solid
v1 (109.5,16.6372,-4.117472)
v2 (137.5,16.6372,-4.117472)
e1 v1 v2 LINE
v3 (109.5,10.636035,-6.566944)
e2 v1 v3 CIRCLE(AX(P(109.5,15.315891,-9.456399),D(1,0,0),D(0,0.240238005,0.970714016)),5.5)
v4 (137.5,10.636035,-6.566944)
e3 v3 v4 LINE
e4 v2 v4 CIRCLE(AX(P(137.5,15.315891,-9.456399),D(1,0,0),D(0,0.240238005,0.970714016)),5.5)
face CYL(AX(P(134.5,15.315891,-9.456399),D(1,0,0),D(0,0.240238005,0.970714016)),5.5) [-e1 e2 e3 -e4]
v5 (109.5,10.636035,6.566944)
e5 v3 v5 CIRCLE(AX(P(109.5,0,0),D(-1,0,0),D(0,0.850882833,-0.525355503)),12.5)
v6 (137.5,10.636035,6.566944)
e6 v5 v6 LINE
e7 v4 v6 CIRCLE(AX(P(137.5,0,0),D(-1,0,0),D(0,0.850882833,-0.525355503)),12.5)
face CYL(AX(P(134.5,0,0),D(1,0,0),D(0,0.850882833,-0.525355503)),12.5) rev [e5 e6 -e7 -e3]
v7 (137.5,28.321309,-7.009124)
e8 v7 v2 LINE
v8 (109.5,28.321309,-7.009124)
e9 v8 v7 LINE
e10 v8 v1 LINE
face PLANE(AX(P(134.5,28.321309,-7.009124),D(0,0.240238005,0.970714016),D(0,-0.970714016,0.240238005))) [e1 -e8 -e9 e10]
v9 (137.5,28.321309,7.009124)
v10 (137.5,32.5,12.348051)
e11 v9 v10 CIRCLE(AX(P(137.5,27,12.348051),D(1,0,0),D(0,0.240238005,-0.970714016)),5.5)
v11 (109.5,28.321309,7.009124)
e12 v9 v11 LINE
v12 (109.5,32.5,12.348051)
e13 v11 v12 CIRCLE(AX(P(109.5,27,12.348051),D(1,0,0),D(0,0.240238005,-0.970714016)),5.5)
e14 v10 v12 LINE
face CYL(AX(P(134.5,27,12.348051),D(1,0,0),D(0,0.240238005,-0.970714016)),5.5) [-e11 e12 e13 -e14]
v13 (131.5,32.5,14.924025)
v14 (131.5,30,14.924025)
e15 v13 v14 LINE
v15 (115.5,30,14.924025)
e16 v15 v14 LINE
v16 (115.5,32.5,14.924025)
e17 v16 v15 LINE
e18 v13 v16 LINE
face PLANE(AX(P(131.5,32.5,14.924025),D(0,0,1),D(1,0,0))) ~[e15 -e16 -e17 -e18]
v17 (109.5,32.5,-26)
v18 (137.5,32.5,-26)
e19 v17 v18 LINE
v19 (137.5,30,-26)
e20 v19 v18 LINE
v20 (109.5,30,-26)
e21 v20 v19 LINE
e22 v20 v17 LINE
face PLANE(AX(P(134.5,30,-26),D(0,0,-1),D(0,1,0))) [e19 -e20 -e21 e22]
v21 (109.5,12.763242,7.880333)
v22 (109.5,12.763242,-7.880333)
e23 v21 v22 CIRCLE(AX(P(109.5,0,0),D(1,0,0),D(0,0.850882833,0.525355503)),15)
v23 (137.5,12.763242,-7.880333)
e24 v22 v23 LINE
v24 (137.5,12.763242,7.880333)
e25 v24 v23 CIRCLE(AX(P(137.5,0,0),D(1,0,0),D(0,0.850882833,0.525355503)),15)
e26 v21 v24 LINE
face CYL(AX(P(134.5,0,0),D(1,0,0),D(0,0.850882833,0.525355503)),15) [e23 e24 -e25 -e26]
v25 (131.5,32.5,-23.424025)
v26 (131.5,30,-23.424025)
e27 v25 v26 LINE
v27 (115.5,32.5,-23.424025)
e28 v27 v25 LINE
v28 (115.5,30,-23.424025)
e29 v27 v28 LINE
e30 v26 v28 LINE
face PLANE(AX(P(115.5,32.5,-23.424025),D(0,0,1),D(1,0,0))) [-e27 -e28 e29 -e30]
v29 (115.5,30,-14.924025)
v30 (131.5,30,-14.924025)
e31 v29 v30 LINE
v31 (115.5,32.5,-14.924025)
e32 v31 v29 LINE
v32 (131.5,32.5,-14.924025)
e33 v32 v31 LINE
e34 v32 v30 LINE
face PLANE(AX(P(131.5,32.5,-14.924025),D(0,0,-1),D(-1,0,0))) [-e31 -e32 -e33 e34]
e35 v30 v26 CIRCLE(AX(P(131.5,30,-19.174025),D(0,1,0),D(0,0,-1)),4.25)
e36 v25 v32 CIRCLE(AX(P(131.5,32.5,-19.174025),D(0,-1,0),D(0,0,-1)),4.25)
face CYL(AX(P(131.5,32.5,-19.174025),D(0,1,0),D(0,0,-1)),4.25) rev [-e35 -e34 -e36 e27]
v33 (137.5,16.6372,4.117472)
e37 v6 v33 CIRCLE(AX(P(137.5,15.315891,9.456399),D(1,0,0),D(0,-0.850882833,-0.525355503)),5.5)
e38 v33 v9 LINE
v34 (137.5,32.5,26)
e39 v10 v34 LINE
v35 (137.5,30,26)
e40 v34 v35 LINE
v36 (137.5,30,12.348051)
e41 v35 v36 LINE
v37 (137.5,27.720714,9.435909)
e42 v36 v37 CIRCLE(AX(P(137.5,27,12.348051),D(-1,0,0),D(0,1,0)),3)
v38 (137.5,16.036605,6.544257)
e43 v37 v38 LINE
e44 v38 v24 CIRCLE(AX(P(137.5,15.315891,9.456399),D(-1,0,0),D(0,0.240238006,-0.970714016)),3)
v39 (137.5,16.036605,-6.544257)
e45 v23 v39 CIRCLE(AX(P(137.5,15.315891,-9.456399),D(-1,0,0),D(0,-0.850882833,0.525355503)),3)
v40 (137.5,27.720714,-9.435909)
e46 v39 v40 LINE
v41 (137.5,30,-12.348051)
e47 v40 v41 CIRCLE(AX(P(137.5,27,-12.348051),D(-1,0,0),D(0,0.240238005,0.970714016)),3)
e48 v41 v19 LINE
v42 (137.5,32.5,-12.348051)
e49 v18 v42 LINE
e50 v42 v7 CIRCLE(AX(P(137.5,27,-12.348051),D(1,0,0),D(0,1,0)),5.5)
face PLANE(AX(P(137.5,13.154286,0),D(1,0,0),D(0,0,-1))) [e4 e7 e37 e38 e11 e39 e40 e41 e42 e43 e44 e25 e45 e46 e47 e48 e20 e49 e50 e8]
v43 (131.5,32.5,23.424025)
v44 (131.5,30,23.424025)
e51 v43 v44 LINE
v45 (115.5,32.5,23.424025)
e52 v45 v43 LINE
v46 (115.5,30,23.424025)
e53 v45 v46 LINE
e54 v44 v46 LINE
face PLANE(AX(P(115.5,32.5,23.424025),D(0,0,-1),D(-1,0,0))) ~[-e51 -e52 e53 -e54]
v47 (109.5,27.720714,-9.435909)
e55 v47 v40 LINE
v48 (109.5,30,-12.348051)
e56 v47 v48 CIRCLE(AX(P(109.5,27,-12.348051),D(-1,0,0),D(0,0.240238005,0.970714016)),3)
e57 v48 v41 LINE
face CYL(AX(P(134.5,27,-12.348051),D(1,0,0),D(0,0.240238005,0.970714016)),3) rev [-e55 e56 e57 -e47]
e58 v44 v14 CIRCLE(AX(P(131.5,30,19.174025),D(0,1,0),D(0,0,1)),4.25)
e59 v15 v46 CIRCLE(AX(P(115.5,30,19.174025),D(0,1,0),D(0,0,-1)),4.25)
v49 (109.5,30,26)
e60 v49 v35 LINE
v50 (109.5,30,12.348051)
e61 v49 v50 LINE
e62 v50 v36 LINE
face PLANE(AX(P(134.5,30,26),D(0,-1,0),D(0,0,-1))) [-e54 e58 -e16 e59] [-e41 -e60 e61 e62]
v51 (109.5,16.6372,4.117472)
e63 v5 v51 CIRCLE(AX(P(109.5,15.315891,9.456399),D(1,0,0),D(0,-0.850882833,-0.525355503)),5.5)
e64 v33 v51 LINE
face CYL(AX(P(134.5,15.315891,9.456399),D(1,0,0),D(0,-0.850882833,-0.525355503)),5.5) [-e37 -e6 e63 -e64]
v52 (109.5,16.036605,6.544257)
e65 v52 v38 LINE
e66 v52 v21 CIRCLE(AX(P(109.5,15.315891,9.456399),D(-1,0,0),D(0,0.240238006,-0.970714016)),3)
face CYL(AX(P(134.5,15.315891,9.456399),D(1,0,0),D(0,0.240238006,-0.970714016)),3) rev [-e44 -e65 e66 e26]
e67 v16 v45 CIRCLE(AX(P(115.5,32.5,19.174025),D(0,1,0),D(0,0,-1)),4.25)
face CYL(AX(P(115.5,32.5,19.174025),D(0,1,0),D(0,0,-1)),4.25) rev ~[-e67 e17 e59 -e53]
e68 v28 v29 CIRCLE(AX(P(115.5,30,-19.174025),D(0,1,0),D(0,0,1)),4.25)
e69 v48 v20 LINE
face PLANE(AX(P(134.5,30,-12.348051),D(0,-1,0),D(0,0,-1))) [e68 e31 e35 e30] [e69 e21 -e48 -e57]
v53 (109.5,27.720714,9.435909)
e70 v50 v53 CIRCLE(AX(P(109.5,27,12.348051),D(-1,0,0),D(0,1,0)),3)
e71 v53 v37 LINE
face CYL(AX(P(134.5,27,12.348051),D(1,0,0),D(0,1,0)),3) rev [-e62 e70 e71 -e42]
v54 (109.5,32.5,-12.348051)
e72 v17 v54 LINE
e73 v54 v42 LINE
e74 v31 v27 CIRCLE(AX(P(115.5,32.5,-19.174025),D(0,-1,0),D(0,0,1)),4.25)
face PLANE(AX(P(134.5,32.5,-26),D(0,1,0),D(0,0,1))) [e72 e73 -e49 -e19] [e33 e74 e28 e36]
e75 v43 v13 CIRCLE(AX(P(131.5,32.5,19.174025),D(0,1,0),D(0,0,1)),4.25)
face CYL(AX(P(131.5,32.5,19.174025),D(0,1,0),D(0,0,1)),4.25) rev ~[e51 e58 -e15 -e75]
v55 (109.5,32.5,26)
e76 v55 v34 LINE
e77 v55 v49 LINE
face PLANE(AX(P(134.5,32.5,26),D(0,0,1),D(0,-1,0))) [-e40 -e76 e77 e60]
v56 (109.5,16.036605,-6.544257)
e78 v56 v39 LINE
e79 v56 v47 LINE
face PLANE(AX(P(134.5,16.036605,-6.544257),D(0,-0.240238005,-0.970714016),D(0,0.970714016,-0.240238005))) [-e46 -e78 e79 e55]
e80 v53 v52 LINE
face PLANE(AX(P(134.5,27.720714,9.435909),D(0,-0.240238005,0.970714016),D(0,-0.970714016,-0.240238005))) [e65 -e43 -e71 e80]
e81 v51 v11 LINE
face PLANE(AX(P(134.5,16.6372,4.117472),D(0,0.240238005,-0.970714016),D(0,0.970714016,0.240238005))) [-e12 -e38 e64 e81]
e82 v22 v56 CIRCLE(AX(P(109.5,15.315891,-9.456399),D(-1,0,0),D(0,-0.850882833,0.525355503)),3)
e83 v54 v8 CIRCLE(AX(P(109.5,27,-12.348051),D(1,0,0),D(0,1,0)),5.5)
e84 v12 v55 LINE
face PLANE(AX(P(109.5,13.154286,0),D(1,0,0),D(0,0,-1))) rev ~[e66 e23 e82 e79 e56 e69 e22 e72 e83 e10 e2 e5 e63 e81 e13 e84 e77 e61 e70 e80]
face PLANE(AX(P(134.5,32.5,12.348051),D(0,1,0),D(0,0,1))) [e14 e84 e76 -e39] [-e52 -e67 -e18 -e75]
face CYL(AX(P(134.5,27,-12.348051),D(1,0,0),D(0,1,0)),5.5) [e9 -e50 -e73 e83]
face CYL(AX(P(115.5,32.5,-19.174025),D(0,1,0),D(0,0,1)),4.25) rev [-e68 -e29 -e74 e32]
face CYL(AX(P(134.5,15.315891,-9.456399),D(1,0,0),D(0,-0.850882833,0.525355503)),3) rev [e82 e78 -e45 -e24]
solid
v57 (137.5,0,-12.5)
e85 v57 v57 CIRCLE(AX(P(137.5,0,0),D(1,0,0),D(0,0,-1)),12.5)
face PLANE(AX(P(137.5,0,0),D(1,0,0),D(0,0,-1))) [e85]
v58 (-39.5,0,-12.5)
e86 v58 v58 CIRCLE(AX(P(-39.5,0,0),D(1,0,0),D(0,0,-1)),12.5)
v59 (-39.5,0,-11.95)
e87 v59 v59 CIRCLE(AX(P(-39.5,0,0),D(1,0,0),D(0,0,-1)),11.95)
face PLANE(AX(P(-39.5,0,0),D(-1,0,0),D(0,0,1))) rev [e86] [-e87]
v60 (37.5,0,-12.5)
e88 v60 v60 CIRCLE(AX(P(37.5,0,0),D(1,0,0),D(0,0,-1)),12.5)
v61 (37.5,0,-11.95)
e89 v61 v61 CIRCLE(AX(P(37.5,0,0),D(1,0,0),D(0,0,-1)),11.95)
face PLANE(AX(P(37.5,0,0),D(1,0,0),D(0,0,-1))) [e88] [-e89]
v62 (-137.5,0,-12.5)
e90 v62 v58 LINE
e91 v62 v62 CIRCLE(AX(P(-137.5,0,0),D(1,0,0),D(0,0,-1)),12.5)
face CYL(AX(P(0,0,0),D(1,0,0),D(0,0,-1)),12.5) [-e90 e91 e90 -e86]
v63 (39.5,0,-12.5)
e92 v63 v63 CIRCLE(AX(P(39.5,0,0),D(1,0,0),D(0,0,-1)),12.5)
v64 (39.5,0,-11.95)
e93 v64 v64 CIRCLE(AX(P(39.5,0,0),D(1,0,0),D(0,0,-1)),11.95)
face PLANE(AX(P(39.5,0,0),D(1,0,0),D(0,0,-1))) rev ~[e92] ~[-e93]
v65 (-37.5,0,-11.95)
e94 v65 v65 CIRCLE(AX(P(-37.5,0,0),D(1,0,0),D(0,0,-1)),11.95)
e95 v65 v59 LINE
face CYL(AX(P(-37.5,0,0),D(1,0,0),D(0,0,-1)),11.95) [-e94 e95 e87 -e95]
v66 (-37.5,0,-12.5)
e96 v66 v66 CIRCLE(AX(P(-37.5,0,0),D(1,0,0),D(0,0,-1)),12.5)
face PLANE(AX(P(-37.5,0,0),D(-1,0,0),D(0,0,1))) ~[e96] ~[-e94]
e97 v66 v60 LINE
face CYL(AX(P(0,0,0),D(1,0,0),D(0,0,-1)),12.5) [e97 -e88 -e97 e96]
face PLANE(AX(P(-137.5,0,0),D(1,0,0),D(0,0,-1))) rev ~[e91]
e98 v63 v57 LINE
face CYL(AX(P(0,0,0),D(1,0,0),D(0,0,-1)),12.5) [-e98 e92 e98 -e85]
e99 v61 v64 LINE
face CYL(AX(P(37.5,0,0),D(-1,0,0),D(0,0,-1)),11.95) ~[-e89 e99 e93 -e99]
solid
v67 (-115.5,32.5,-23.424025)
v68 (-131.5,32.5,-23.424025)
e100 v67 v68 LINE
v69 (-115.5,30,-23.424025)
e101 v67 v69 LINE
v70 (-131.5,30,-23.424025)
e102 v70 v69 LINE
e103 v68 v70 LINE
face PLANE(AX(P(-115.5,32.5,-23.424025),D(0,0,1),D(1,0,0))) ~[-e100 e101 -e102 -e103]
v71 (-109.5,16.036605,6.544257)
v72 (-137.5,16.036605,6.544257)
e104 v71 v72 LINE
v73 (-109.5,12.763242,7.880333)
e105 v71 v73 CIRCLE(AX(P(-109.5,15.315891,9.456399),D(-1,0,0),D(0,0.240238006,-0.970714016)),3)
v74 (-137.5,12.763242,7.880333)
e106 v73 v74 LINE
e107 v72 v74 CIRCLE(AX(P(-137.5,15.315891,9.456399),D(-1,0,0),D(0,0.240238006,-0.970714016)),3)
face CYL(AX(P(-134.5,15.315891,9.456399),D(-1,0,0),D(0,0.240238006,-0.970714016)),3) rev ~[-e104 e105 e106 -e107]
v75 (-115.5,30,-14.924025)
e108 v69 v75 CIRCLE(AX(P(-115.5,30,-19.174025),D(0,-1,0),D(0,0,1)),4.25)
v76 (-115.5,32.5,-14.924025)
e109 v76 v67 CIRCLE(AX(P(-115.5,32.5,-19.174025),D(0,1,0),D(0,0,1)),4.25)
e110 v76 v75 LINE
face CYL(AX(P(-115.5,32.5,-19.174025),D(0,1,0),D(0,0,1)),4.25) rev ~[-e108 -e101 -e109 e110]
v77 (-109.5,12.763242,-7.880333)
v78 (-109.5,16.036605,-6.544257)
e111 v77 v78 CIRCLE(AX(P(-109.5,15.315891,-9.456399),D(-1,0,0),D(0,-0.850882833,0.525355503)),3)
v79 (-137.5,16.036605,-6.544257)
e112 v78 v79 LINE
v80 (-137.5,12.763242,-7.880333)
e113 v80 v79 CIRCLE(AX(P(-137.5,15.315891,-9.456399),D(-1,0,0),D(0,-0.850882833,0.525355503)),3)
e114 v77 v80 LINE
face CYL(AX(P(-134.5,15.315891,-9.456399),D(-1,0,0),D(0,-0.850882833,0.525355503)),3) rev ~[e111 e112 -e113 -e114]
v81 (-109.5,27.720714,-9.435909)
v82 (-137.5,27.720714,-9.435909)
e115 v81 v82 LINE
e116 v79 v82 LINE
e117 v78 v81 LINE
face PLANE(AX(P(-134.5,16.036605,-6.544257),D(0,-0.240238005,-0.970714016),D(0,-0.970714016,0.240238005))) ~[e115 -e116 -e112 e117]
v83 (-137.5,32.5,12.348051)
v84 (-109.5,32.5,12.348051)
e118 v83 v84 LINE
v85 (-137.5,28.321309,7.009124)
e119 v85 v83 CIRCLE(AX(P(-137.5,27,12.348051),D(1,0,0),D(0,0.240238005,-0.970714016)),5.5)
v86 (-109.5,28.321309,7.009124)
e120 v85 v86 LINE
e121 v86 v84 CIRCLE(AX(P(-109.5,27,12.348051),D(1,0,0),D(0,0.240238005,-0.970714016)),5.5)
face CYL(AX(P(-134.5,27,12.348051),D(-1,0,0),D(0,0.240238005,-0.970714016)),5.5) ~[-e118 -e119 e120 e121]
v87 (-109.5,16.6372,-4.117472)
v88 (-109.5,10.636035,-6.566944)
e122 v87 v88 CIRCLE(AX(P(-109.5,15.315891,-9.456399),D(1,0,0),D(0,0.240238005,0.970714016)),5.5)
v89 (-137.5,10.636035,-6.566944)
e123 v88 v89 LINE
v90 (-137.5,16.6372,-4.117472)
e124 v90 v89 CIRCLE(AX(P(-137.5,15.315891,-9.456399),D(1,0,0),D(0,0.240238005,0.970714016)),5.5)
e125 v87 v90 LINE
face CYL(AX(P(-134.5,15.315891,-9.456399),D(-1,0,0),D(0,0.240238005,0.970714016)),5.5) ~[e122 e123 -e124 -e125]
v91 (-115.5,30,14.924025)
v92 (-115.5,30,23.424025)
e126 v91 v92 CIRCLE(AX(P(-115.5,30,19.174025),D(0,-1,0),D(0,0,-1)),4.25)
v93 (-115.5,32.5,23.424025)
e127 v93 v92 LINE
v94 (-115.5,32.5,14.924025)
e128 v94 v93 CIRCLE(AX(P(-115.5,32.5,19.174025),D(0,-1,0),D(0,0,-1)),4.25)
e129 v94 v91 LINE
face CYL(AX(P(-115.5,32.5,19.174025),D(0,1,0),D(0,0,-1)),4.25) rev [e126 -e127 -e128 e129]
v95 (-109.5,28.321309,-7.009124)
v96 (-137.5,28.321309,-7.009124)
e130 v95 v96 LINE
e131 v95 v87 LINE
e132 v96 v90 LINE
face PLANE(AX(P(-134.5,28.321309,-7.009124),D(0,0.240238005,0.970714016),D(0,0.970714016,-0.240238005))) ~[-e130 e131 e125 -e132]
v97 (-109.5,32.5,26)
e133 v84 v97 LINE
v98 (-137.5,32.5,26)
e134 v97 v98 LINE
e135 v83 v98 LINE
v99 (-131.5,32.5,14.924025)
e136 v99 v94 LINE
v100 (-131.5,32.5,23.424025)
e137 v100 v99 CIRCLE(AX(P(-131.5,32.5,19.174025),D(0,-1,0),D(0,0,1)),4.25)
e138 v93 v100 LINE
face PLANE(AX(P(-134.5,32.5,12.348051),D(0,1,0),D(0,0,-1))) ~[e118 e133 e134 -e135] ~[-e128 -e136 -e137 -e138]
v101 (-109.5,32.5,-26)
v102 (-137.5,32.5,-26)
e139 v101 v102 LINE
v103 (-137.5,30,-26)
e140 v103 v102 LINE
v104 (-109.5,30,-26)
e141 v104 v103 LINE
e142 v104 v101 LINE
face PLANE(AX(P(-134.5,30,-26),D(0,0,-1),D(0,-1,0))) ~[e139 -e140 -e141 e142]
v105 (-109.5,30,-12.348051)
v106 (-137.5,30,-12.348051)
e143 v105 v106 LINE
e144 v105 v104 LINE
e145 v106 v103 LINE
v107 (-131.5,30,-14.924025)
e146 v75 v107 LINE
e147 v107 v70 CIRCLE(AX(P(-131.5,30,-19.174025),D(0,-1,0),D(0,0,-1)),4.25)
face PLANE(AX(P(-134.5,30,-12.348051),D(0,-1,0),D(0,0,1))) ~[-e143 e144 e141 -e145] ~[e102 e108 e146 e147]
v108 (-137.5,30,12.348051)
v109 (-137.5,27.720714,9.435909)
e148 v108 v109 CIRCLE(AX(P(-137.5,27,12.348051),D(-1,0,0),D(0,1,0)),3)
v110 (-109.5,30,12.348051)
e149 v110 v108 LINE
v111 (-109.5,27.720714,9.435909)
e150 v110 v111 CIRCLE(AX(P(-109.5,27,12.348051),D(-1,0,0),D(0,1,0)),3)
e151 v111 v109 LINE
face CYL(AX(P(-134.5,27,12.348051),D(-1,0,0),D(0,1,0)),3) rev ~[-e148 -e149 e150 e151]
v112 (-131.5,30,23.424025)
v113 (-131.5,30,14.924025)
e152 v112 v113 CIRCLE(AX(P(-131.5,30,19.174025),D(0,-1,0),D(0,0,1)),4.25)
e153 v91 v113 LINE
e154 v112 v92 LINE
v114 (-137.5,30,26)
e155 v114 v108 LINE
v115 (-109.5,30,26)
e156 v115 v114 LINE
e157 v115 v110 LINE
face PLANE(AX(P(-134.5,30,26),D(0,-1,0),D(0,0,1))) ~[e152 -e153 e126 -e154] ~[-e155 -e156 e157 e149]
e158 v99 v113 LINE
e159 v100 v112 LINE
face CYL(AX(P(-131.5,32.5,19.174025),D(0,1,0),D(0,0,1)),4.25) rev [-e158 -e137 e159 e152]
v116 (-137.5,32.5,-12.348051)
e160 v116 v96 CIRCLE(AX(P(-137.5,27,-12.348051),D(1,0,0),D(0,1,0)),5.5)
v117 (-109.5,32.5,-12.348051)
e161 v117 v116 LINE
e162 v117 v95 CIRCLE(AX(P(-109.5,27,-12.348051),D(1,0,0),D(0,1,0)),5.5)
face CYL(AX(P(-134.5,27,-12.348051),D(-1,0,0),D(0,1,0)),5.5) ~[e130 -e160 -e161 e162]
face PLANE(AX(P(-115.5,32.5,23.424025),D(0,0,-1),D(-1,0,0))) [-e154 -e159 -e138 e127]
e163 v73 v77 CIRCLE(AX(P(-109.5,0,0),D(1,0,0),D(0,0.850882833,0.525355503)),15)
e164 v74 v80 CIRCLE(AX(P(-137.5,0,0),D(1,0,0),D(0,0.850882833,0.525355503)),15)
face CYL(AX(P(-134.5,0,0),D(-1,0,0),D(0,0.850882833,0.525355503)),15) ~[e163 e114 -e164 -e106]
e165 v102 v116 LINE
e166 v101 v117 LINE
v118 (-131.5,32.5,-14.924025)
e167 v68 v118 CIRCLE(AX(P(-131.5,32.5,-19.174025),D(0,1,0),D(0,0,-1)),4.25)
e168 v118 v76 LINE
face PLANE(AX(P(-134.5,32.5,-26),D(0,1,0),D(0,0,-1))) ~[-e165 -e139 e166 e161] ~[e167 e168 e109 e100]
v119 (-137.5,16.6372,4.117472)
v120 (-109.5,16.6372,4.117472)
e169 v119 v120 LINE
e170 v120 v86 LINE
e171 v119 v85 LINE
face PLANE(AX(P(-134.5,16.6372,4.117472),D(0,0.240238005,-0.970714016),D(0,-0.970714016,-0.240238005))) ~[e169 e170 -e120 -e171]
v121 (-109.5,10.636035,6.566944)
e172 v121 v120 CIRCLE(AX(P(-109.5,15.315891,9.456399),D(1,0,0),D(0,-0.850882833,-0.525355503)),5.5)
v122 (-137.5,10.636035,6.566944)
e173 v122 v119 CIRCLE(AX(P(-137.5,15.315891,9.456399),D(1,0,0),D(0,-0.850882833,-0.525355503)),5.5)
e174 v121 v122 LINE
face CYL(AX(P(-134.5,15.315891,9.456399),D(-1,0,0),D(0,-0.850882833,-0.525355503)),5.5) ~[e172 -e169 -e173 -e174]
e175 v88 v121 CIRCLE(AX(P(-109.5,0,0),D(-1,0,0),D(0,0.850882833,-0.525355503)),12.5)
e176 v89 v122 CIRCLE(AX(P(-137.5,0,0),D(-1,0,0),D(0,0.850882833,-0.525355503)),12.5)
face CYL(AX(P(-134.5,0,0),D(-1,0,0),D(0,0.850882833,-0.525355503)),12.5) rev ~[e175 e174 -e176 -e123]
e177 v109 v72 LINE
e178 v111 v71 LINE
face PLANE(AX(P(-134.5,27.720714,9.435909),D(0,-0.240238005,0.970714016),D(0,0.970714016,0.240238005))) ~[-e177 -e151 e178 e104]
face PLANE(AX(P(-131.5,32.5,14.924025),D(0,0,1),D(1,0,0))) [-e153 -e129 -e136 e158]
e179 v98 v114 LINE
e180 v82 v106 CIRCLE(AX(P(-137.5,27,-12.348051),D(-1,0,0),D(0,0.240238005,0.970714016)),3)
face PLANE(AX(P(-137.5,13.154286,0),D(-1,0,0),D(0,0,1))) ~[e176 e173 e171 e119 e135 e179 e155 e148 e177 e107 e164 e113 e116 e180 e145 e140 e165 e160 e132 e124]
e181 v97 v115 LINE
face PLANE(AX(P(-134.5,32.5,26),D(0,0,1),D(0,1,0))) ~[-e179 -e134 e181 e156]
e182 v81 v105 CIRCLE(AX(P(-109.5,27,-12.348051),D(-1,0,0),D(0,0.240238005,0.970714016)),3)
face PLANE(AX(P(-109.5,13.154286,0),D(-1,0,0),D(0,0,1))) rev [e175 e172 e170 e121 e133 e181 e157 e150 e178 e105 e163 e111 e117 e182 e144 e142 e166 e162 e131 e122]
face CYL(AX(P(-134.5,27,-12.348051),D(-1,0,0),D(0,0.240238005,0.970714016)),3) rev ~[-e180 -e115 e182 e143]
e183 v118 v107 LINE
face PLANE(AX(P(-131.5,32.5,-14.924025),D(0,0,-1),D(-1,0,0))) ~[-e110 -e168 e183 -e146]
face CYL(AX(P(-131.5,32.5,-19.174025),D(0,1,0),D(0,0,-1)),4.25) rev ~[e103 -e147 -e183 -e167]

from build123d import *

# Parameters (mm, degrees)
SKETCH1_R                = 12.5
BOSS_EXTRUDE1_DEPTH      = 137.5
BOSS_EXTRUDE2_START      = -3
BOSS_EXTRUDE2_DEPTH      = 3
BOSS_EXTRUDE2_DEPTH_BACK = 25
CUT_EXTRUDE3_DEPTH       = 9
SKETCH6_R                = 13
SKETCH6_R_2              = 11.95
CUT_EXTRUDE2_DEPTH       = 2


with BuildPart() as part:
    # Sketch1 → Boss-Extrude1 (new body, symmetric)
    with BuildSketch(Plane(origin=(0, 0, 0), x_dir=(0, 0, -1), z_dir=(1, 0, 0))):
        Circle(SKETCH1_R)
    extrude(amount=BOSS_EXTRUDE1_DEPTH, both=True)

    # Sketch6 → Cut-Extrude2 (cut)
    with BuildSketch(Plane(origin=(37.5, 0, 0), x_dir=(0, 0, -1), z_dir=(1, 0, 0))):
        Circle(SKETCH6_R)
        Circle(SKETCH6_R_2, mode=Mode.SUBTRACT)
    cut_extrude2 = extrude(amount=CUT_EXTRUDE2_DEPTH, mode=Mode.SUBTRACT)

    # Mirror4: Cut-Extrude2 across plane
    add(cut_extrude2.mirror(Plane(origin=(0, 0, 0), x_dir=(0, 0, 1), z_dir=(1, 0, 0))), mode=Mode.SUBTRACT)


with BuildPart() as body_2:
    # Sketch2 → Boss-Extrude2 (new body, two sides)
    with BuildSketch(Plane(origin=(137.5, 0, 0), x_dir=(0, 0, -1), z_dir=(1, 0, 0)).offset(BOSS_EXTRUDE2_START)) as boss_extrude2_sk:
        with BuildLine():
            Line((-12.348050967, 32.5), (-26, 32.5))
            Line((-26, 32.5), (-26, 30))
            Line((-26, 30), (-12.348050967, 30))
            ThreePointArc((-12.348050967, 30), (-10.499016361, 29.362429052), (-9.435908919, 27.720714016))
            Line((-9.435908919, 27.720714016), (-6.544257006, 16.03660501))
            ThreePointArc((-6.544257006, 16.03660501), (-6.678858856, 14.182193305), (-7.880332545, 12.763242495))
            ThreePointArc((-7.880332545, 12.763242495), (0, -15), (7.880332545, 12.763242495))
            ThreePointArc((7.880332545, 12.763242495), (6.678858856, 14.182193305), (6.544257006, 16.03660501))
            Line((6.544257006, 16.03660501), (9.435908919, 27.720714016))
            ThreePointArc((9.435908919, 27.720714016), (10.499016361, 29.362429052), (12.348050967, 30))
            Line((12.348050967, 30), (26, 30))
            Line((26, 30), (26, 32.5))
            Line((26, 32.5), (12.348050967, 32.5))
            ThreePointArc((12.348050967, 32.5), (8.958154189, 31.331119928), (7.009123879, 28.321309029))
            Line((7.009123879, 28.321309029), (4.117471966, 16.637200023))
            ThreePointArc((4.117471966, 16.637200023), (4.364242024, 13.237445232), (6.566943787, 10.636035412))
            ThreePointArc((6.566943787, 10.636035412), (0, -12.5), (-6.566943787, 10.636035412))
            ThreePointArc((-6.566943787, 10.636035412), (-4.364242024, 13.237445232), (-4.117471966, 16.637200023))
            Line((-4.117471966, 16.637200023), (-7.009123879, 28.321309029))
            ThreePointArc((-7.009123879, 28.321309029), (-8.958154189, 31.331119928), (-12.348050967, 32.5))
        make_face()
    extrude(amount=BOSS_EXTRUDE2_DEPTH)
    extrude(boss_extrude2_sk.sketch, amount=-BOSS_EXTRUDE2_DEPTH_BACK)

    # Sketch8 → Cut-Extrude3 (cut)
    with BuildSketch(Plane(origin=(0, 32.5, 0), x_dir=(1, 0, 0), z_dir=(0, 1, 0))):
        with BuildLine():
            Line((115.5, 23.424025484), (131.5, 23.424025484))
            ThreePointArc((131.5, 23.424025484), (135.75, 19.174025484), (131.5, 14.924025484))
            Line((131.5, 14.924025484), (115.5, 14.924025484))
            ThreePointArc((115.5, 14.924025484), (111.25, 19.174025484), (115.5, 23.424025484))
        make_face()
    cut_extrude3 = extrude(amount=-CUT_EXTRUDE3_DEPTH, mode=Mode.SUBTRACT)

    # Mirror5: Cut-Extrude3 across plane
    add(cut_extrude3.mirror(Plane.XY), mode=Mode.SUBTRACT)


with BuildPart() as body_3:
    # Mirror1: mirrored copy
    add(body_2.part.mirror(Plane(origin=(0, 0, 0), x_dir=(0, 0, 1), z_dir=(1, 0, 0))))


solid = Compound([part.part, body_2.part, body_3.part])
